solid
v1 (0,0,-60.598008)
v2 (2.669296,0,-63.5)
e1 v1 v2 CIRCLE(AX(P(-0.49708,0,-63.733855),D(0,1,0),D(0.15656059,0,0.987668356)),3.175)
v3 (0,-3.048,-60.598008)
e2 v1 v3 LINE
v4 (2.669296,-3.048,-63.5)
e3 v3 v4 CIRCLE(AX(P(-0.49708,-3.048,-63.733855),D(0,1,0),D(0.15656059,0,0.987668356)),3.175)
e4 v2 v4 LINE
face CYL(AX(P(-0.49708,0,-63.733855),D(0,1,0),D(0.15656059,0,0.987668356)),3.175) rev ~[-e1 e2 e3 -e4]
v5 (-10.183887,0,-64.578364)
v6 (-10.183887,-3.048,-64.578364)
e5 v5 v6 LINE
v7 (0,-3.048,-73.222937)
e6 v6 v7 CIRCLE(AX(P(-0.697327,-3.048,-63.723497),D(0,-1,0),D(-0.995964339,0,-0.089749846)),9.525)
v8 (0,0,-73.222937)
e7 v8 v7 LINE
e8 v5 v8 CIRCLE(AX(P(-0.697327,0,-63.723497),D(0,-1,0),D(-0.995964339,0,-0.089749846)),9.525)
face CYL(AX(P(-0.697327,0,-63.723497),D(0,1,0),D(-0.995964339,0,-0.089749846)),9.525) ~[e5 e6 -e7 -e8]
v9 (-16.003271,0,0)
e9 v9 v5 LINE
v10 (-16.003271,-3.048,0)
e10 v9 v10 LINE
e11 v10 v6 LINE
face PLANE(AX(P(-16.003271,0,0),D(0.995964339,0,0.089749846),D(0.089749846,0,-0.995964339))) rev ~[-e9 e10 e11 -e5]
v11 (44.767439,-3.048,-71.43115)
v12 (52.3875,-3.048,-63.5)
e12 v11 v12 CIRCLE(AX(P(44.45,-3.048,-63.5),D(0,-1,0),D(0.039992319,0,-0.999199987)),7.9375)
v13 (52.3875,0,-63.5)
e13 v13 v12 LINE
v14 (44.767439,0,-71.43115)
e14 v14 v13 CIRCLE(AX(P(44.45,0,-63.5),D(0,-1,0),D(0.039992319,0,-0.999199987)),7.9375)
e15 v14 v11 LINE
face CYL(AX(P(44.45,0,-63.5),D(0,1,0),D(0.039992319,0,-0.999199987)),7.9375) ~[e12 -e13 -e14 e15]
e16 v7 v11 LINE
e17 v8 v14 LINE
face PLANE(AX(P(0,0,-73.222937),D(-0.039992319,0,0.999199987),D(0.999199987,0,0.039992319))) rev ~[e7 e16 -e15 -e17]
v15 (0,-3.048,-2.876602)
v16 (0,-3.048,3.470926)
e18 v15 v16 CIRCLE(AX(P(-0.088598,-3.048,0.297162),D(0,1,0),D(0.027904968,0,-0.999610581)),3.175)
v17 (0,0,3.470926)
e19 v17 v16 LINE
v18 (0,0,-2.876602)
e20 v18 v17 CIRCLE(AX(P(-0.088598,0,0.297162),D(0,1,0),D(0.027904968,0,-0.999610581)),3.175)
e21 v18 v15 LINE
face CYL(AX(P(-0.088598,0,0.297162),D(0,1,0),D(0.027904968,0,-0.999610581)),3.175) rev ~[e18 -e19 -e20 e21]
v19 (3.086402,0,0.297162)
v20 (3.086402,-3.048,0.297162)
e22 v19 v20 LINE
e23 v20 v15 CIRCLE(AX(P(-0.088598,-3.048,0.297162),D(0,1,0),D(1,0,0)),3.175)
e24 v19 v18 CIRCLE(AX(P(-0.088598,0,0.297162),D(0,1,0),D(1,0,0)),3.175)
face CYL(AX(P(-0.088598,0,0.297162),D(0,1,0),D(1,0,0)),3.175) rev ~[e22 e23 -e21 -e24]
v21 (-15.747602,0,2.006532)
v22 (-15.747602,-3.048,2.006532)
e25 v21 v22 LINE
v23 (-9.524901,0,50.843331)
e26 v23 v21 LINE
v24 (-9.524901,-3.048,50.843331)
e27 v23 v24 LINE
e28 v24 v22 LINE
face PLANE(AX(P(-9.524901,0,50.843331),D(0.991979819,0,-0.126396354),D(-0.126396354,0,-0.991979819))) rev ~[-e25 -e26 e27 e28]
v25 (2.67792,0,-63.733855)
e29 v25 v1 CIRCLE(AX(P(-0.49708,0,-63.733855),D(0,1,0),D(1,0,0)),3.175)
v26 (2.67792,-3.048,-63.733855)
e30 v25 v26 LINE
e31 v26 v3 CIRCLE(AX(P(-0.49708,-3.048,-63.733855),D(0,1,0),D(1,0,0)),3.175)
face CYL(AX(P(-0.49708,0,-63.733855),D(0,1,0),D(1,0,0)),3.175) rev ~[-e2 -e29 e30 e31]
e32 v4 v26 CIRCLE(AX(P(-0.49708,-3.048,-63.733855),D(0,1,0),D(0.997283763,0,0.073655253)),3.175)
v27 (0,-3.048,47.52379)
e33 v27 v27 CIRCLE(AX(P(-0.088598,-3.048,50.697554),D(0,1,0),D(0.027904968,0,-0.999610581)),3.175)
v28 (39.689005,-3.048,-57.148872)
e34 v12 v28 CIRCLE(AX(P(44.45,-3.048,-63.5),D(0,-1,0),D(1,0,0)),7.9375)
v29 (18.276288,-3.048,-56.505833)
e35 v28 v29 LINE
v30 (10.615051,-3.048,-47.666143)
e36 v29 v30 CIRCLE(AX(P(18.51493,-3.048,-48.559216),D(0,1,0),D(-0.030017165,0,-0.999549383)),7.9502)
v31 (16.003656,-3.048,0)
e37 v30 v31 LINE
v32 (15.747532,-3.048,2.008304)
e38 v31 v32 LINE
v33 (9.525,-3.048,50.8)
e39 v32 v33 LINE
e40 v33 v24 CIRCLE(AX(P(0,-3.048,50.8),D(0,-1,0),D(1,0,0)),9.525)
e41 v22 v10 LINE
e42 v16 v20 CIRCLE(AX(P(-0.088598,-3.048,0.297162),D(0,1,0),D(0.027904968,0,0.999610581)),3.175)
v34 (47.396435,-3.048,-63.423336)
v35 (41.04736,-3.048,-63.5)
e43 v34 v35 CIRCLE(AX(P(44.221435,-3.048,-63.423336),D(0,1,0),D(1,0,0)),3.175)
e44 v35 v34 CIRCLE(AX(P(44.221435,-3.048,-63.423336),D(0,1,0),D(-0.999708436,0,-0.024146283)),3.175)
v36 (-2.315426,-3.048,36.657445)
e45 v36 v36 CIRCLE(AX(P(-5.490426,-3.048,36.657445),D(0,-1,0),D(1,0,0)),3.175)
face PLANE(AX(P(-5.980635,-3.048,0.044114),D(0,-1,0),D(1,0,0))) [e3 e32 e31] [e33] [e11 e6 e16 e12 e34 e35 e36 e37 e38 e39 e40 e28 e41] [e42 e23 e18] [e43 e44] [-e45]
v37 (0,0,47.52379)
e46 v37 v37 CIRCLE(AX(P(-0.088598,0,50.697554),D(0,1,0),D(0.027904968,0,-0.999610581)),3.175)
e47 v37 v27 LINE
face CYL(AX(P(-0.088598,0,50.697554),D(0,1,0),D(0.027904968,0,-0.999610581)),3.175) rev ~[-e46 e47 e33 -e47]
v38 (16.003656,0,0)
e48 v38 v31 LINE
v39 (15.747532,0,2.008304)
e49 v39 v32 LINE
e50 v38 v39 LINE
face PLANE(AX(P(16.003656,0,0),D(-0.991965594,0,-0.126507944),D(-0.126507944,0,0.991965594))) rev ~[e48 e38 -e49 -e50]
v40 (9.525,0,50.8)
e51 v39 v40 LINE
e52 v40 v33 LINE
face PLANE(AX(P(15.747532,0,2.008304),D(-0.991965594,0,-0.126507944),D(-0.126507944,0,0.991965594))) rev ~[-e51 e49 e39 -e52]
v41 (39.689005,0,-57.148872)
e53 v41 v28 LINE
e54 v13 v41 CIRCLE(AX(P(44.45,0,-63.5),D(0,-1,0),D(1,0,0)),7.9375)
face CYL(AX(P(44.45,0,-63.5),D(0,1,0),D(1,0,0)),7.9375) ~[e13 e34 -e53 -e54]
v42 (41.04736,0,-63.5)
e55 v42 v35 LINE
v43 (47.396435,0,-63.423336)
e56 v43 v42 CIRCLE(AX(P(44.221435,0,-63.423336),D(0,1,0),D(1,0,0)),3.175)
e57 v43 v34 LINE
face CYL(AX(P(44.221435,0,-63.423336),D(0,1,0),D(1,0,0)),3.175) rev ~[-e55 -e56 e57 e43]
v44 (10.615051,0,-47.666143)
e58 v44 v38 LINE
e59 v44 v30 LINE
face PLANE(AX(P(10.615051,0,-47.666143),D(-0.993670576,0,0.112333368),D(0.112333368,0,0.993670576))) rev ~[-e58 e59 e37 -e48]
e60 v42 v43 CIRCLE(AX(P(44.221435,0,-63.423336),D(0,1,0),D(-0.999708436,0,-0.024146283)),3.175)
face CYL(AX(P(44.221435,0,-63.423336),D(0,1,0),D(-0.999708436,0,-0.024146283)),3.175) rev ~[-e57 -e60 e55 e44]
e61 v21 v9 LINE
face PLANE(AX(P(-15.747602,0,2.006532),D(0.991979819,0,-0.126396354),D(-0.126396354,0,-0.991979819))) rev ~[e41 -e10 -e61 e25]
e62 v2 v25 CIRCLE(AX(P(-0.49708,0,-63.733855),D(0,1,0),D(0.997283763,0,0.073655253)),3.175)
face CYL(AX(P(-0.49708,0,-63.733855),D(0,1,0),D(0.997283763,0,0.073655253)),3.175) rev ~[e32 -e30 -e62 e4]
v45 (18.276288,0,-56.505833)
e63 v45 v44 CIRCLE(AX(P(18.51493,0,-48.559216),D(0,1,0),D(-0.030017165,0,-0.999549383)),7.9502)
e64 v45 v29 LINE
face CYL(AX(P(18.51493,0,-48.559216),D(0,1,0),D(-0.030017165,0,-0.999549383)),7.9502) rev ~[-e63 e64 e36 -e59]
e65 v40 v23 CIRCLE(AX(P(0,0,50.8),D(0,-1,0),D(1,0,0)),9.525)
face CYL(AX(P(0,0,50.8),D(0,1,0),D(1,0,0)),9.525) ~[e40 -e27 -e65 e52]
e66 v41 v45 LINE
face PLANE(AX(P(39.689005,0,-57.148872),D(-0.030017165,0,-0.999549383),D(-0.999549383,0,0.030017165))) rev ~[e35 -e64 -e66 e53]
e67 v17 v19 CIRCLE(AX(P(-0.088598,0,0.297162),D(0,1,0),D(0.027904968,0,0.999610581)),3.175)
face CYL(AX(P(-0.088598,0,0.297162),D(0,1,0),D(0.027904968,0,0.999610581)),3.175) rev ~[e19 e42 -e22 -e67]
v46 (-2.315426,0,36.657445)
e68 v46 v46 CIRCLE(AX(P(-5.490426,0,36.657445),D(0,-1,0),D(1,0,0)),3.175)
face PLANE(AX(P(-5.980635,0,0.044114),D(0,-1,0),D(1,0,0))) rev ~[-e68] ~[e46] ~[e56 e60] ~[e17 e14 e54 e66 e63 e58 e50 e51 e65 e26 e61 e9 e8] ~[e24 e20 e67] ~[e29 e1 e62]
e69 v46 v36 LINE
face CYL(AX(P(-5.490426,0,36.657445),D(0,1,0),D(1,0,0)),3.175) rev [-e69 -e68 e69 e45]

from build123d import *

# Parameters (mm, degrees)
F0_R     = 3.175
F1_DEPTH = 3.048


with BuildPart() as f1:
    # F0 (on Front) → F1 (new body)
    with BuildSketch(Plane.XZ):
        with BuildLine():
            ThreePointArc((0, -2.8766015808), (-3.2635982736, 0.2971620124), (0, 3.4709256057))
            Line((0, 3.4709256057), (0, 15.8749901004))
            ThreePointArc((0, 15.8749901004), (-10.4918952223, 11.913601197), (-15.7476019291, 2.0065322858))
            ThreePointArc((-15.7476019291, 2.0065322858), (-11.9135847518, -10.4919245087), (0, -15.8750098992))
            Line((0, -15.8750098992), (0, -2.8766015808))
        make_face()
        with BuildLine():
            Line((0, 15.8749901004), (0, 3.4709256057))
            ThreePointArc((0, 3.4709256057), (2.1875744482, 2.5106801941), (3.0864017264, 0.2971620124))
            ThreePointArc((3.0864017264, 0.2971620124), (2.1875744482, -1.9163561693), (0, -2.8766015808))
            Line((0, -2.8766015808), (0, -15.8750098992))
            ThreePointArc((0, -15.8750098992), (11.2253703753, -11.2253575191), (15.8750776924, -9.8994e-06))
            ThreePointArc((15.8750776924, -9.8994e-06), (15.8431590584, 1.0061699208), (15.747531509, 2.0083036452))
            ThreePointArc((15.747531509, 2.0083036452), (10.491322233, 11.9142426155), (0, 15.8749901004))
        make_face()
        with BuildLine():
            ThreePointArc((-15.7476019291, 2.0065322858), (-10.4918952223, 11.913601197), (0, 15.8749901004))
            Line((0, 15.8749901004), (0, 41.275))
            ThreePointArc((0, 41.275), (-6.7504945807, 44.0801452459), (-9.5249014384, 50.8433311461))
            Line((-9.5249014384, 50.8433311461), (-15.7476019291, 2.0065322858))
        make_face()
        with Locations((-5.4904264398, 36.6574451327)):
            Circle(F0_R, mode=Mode.SUBTRACT)
        with BuildLine():
            Line((0, 41.275), (0, 15.8749901004))
            ThreePointArc((0, 15.8749901004), (10.491322233, 11.9142426155), (15.747531509, 2.0083036452))
            Line((15.747531509, 2.0083036452), (9.525, 50.8))
            ThreePointArc((9.525, 50.8), (6.7351920908, 44.0648079092), (0, 41.275))
        make_face()
        with BuildLine():
            ThreePointArc((15.8750776924, -9.8994e-06), (11.2253703753, -11.2253575191), (0, -15.8750098992))
            Line((0, -15.8750098992), (0, -54.2240571164))
            ThreePointArc((0, -54.2240571164), (6.2034967284, -57.1581140139), (8.8250504044, -63.5))
            Line((8.8250504044, -63.5), (36.5125, -63.5))
            ThreePointArc((36.5125, -63.5), (37.3509047062, -59.9494011406), (39.6890045065, -57.1488718986))
            Line((39.6890045065, -57.1488718986), (18.2762879211, -56.5058330852))
            ThreePointArc((18.2762879211, -56.5058330852), (12.5071090556, -53.7661112831), (10.6150505702, -47.6661428387))
            Line((10.6150505702, -47.6661428387), (16.0036556786, 0))
            Line((16.0036556786, 0), (15.747531509, 2.0083036452))
            ThreePointArc((15.747531509, 2.0083036452), (15.8431590584, 1.0061699208), (15.8750776924, -9.8994e-06))
        make_face()
        with BuildLine():
            Line((0, -54.2240571164), (0, -15.8750098992))
            ThreePointArc((0, -15.8750098992), (-11.9135847518, -10.4919245087), (-15.7476019291, 2.0065322858))
            Line((-15.7476019291, 2.0065322858), (-16.0032708044, 0))
            Line((-16.0032708044, 0), (-10.1838874689, -64.5783643789))
            ThreePointArc((-10.1838874689, -64.5783643789), (-7.4881720596, -57.0444215396), (0, -54.2240571164))
        make_face()
        with BuildLine():
            ThreePointArc((-9.5249014384, 50.8433311461), (-6.7504945807, 44.0801452459), (0, 41.275))
            ThreePointArc((0, 41.275), (6.7351920908, 44.0648079092), (9.525, 50.8))
            ThreePointArc((9.525, 50.8), (0.0216656291, 60.3249753596), (-9.5249014384, 50.8433311461))
        make_face()
        with BuildLine():
            ThreePointArc((3.0864017264, 50.6975539029), (2.1875744482, 48.4840357212), (0, 47.5237903096))
            ThreePointArc((0, 47.5237903096), (-2.3647709953, 52.9110720846), (3.0864017264, 50.6975539029))
        make_face(mode=Mode.SUBTRACT)
        with BuildLine():
            Line((0, -60.598008398), (0, -54.2240571164))
            ThreePointArc((0, -54.2240571164), (-7.4881720596, -57.0444215396), (-10.1838874689, -64.5783643789))
            ThreePointArc((-10.1838874689, -64.5783643789), (-6.8613205089, -70.985095451), (0, -73.222937069))
            ThreePointArc((0, -73.222937069), (6.2800529577, -70.2074613128), (8.8276728625, -63.7234970927))
            ThreePointArc((8.8276728625, -63.7234970927), (8.8270172254, -63.6117408538), (8.8250504044, -63.5))
            Line((8.8250504044, -63.5), (2.6692960727, -63.5))
            ThreePointArc((2.6692960727, -63.5), (2.6757633798, -63.6168482324), (2.6779201256, -63.7338554285))
            ThreePointArc((2.6779201256, -63.7338554285), (-2.9115004676, -65.7956988268), (0, -60.598008398))
        make_face()
        with BuildLine():
            Line((36.5125, -63.5), (8.8250504044, -63.5))
            ThreePointArc((8.8250504044, -63.5), (8.8270172254, -63.6117408538), (8.8276728625, -63.7234970927))
            ThreePointArc((8.8276728625, -63.7234970927), (6.2800529577, -70.2074613128), (0, -73.222937069))
            Line((0, -73.222937069), (44.7674390348, -71.4311498983))
            ThreePointArc((44.7674390348, -71.4311498983), (38.9507166871, -69.2237915139), (36.5125, -63.5))
        make_face()
        with BuildLine():
            ThreePointArc((39.6890045065, -57.1488718986), (37.3509047062, -59.9494011406), (36.5125, -63.5))
            ThreePointArc((36.5125, -63.5), (38.9507166871, -69.2237915139), (44.7674390348, -71.4311498983))
            ThreePointArc((44.7674390348, -71.4311498983), (50.1737915139, -68.9992833129), (52.3875, -63.5))
            ThreePointArc((52.3875, -63.5), (48.0005988594, -56.4009047062), (39.6890045065, -57.1488718986))
        make_face()
        with BuildLine():
            ThreePointArc((47.3964347422, -63.4233355522), (44.2597697605, -66.5981041149), (41.0473604579, -63.5))
            ThreePointArc((41.0473604579, -63.5), (44.1830997239, -60.2485669896), (47.3964347422, -63.4233355522))
        make_face(mode=Mode.SUBTRACT)
        with BuildLine():
            ThreePointArc((8.8250504044, -63.5), (6.2034967284, -57.1581140139), (0, -54.2240571164))
            Line((0, -54.2240571164), (0, -60.598008398))
            ThreePointArc((0, -60.598008398), (1.8397162129, -61.5844347981), (2.6692960727, -63.5))
            Line((2.6692960727, -63.5), (8.8250504044, -63.5))
        make_face()
    extrude(amount=F1_DEPTH)


solid = f1.part
